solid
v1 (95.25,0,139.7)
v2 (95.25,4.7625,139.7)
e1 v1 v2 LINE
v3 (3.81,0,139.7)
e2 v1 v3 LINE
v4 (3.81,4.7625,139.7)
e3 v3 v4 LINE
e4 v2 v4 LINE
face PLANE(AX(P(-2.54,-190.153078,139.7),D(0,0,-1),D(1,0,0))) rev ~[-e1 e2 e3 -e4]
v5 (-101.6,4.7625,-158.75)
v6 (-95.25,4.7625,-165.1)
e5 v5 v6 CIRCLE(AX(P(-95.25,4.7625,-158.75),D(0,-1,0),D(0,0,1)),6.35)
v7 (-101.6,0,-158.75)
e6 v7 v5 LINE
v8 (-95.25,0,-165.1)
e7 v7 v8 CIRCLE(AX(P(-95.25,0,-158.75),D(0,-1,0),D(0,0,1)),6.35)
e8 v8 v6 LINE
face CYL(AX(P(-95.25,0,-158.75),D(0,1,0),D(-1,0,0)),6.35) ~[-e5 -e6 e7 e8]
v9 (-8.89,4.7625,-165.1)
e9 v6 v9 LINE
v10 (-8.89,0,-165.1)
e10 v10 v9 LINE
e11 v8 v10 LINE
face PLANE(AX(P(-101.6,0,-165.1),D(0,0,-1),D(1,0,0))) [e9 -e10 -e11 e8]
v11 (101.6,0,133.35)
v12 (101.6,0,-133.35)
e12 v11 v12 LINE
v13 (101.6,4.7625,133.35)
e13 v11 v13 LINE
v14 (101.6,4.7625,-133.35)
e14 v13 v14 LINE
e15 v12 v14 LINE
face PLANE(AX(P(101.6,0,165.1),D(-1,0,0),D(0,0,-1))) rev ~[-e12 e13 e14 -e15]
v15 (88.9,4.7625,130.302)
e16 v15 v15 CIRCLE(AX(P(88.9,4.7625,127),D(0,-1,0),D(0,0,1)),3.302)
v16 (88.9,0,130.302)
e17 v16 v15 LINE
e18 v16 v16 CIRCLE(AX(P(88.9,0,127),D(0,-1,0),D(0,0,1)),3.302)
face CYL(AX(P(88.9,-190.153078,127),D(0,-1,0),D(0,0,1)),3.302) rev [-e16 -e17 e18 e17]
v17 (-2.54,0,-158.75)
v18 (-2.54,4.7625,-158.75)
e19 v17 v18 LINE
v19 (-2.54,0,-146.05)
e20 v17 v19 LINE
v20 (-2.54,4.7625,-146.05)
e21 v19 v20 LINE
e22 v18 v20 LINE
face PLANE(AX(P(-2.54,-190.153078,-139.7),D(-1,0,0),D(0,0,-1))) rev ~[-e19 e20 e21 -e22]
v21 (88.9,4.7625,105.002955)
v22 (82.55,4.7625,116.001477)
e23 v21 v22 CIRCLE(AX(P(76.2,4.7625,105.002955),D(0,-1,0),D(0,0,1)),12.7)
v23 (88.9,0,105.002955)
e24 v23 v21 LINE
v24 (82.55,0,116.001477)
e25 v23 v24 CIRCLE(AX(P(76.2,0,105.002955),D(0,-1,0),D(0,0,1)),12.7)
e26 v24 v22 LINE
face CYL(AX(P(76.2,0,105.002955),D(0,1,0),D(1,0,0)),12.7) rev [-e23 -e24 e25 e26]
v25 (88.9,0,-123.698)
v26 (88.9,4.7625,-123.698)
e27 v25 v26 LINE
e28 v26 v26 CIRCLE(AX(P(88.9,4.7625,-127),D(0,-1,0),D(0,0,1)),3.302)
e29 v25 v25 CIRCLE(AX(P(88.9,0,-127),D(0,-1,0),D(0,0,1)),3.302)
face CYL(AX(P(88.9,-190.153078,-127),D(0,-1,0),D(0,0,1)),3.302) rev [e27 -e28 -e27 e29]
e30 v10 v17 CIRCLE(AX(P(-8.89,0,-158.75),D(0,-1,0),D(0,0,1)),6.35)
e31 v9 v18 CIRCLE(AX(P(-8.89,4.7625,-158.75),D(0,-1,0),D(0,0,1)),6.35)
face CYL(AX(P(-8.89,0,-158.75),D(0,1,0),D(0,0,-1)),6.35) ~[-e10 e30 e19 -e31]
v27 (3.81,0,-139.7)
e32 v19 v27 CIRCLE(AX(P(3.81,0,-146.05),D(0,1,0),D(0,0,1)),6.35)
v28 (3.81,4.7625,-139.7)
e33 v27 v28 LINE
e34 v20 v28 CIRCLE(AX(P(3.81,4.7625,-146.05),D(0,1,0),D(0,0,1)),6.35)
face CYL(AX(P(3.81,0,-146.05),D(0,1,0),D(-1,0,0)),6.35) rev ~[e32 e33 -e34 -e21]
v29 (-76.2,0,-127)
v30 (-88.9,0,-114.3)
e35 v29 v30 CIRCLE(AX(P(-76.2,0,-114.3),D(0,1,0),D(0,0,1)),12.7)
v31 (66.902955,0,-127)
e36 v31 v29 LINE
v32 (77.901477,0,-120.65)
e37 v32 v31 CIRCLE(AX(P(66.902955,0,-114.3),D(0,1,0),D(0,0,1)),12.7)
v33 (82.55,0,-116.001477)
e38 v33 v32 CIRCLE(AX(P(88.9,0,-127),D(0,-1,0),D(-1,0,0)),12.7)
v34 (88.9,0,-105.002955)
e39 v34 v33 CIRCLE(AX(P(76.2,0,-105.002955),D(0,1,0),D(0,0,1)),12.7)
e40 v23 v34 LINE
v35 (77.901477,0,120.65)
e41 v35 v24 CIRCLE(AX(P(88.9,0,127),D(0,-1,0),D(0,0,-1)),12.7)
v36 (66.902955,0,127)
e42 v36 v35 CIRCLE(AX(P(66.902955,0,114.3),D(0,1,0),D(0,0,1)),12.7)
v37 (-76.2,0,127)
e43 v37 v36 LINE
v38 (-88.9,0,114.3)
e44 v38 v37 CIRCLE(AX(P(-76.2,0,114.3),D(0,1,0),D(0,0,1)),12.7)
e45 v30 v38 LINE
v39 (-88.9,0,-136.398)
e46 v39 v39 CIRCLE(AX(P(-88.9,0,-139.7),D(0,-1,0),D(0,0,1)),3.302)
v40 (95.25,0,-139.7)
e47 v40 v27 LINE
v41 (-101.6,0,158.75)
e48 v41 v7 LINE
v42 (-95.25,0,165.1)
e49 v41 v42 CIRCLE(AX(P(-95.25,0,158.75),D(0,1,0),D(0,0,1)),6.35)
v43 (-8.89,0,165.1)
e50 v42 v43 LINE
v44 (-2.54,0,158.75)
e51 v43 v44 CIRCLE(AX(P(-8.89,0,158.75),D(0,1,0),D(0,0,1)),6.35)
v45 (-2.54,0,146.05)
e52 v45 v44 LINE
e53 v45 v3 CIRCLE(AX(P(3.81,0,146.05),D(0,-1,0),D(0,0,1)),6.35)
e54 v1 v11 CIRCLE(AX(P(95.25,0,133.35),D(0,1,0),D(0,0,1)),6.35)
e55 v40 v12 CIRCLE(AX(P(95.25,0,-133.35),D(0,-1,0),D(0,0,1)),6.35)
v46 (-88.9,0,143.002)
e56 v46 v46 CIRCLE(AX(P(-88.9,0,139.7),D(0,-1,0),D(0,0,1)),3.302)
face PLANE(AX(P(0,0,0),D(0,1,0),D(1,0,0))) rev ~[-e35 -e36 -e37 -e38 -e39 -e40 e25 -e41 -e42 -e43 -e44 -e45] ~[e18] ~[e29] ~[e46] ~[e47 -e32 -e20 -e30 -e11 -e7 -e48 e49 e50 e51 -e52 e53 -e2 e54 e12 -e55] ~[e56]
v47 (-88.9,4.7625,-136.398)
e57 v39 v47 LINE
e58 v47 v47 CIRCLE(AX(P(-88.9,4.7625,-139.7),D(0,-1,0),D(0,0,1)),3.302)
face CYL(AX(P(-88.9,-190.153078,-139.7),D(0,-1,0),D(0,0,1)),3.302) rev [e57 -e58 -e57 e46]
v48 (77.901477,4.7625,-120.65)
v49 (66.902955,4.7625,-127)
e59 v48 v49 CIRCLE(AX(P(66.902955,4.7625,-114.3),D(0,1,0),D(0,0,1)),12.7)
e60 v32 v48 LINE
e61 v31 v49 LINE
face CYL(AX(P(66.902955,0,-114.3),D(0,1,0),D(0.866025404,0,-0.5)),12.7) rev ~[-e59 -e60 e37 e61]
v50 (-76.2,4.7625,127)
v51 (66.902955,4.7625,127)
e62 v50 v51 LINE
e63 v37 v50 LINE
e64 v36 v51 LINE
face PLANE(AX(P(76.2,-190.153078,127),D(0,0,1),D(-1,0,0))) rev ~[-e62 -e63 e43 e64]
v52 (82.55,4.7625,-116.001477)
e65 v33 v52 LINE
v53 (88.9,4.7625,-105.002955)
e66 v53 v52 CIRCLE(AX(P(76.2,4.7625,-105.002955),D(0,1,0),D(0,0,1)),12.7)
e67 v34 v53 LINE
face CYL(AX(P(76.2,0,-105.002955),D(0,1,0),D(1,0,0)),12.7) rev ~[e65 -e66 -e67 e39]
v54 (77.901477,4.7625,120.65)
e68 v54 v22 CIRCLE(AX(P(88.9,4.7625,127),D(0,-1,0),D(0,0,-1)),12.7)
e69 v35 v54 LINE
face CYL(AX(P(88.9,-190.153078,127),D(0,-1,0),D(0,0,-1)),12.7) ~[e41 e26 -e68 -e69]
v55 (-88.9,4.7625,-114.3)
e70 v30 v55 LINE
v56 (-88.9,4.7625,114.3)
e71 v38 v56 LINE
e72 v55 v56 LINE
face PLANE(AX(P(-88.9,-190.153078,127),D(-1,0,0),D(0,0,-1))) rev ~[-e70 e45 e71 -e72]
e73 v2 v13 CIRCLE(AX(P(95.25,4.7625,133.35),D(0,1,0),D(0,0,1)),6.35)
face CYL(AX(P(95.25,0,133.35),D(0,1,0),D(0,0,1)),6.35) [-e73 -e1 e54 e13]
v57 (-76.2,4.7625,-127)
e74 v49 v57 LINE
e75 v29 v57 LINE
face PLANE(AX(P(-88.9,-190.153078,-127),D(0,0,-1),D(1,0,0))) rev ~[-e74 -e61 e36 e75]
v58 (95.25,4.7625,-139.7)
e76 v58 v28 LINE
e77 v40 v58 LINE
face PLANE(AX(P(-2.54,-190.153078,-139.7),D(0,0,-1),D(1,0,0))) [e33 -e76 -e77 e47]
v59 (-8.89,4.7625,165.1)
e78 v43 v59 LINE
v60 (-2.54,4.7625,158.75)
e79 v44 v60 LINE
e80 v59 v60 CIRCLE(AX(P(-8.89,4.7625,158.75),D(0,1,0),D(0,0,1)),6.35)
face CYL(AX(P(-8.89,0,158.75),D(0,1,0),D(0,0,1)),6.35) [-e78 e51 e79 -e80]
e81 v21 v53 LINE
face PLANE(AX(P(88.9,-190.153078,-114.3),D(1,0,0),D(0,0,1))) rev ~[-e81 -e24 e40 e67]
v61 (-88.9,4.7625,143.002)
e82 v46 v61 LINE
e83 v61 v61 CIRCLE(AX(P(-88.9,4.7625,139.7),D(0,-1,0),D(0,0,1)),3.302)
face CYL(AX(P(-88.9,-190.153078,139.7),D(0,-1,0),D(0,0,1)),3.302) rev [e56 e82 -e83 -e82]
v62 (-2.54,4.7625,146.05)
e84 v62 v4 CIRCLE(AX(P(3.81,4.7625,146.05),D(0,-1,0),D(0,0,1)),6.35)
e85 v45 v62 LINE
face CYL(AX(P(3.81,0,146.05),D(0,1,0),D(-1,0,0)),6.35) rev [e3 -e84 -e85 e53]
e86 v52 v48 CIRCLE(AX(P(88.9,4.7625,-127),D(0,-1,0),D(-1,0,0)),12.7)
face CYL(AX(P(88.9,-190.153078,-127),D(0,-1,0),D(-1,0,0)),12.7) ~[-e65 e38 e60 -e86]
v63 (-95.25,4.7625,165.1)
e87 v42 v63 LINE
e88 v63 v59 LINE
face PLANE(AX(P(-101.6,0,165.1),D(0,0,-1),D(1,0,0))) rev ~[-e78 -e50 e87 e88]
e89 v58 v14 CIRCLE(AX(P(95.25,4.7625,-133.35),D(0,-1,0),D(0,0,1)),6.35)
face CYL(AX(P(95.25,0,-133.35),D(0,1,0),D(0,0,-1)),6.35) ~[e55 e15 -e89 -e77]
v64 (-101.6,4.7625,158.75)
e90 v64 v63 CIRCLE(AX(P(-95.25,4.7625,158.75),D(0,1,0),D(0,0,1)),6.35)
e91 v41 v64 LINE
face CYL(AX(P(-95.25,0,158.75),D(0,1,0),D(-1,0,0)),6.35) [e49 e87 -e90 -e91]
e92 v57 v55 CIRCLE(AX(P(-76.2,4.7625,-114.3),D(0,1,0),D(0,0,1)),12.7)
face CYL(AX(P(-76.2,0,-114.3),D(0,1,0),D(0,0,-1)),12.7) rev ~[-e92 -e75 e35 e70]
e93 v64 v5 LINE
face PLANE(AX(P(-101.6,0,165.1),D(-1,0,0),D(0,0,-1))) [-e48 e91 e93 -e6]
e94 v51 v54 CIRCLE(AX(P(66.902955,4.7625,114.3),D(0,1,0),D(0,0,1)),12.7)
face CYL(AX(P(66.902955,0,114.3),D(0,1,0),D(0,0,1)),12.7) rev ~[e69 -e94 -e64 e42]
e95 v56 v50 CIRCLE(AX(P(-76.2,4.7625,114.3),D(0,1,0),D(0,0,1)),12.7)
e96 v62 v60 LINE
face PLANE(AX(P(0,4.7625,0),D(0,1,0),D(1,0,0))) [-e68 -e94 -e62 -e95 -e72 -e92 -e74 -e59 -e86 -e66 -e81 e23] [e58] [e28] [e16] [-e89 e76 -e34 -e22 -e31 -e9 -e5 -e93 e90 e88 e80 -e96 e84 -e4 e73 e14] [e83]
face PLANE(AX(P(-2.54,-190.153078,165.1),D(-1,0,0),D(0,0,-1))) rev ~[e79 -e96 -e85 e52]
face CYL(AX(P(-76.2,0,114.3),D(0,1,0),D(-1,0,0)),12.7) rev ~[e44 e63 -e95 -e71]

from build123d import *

# Parameters (mm, degrees)
SKETCH1_W                 = 203.2
SKETCH1_H                 = 330.2
BASE_DEPTH                = 4.7625
HOLES_DEPTH               = 194.915578039
HOLES_DEPTH_BACK          = 194.915578039
SKETCH2_R                 = 3.302
SUS_TAB_CUTOUT_DEPTH      = 194.915578039
SUS_TAB_CUTOUT_DEPTH_BACK = 194.915578039
SKETCH3_W                 = 104.14
SKETCH3_H                 = 25.4
INNER_CUTOUT_DEPTH        = 194.915578039
INNER_CUTOUT_DEPTH_BACK   = 194.915578039
FILLET1_R                 = 6.35
FILLET2_R                 = 12.7


with BuildPart() as part:
    # Sketch1 → Base (new body)
    with BuildSketch(Plane(origin=(0, 0, 0), x_dir=(1, 0, 0), z_dir=(0, 1, 0))):
        Rectangle(SKETCH1_W, SKETCH1_H)
    extrude(amount=BASE_DEPTH)

    # Sketch2 → Holes (cut, two sides: drawn at the far end of the back side and taken through both)
    with BuildSketch(Plane(origin=(0, 4.7625, 0), x_dir=(1, 0, 0), z_dir=(0, 1, 0)).offset(-HOLES_DEPTH_BACK)):
        with Locations(Location((-88.9, 139.7, 0), (0, 0, 270))):
            Circle(SKETCH2_R)
        with Locations(Location((-88.9, -139.7, 0), (0, 0, 270))):
            Circle(SKETCH2_R)
        with Locations(Location((88.9, -127, 0), (0, 0, 270))):
            Circle(SKETCH2_R)
        with Locations(Location((88.9, 127, 0), (0, 0, 270))):
            Circle(SKETCH2_R)
    extrude(amount=HOLES_DEPTH + HOLES_DEPTH_BACK, mode=Mode.SUBTRACT)

    # Sketch3 → Sus Tab Cutout (cut, two sides: drawn at the far end of the back side and taken through both)
    with BuildSketch(Plane(origin=(0, 4.7625, 0), x_dir=(1, 0, 0), z_dir=(0, 1, 0)).offset(-SUS_TAB_CUTOUT_DEPTH_BACK)):
        with Locations((49.53, 152.4)):
            Rectangle(SKETCH3_W, SKETCH3_H)
        with Locations((49.53, -152.4)):
            Rectangle(SKETCH3_W, SKETCH3_H)
    extrude(amount=SUS_TAB_CUTOUT_DEPTH + SUS_TAB_CUTOUT_DEPTH_BACK, mode=Mode.SUBTRACT)

    # Sketch4 → Inner Cutout (cut, two sides: drawn at the far end of the back side and taken through both)
    with BuildSketch(Plane(origin=(0, 4.7625, 0), x_dir=(1, 0, 0), z_dir=(0, 1, 0)).offset(-INNER_CUTOUT_DEPTH_BACK)):
        with BuildLine():
            Line((88.9, 114.3), (88.9, -114.3))
            ThreePointArc((88.9, -114.3), (79.919743879, -118.019743879), (76.2, -127))
            Line((76.2, -127), (-88.9, -127))
            Line((-88.9, -127), (-88.9, 127))
            Line((-88.9, 127), (76.2, 127))
            ThreePointArc((76.2, 127), (79.919743879, 118.019743879), (88.9, 114.3))
        make_face()
    extrude(amount=INNER_CUTOUT_DEPTH + INNER_CUTOUT_DEPTH_BACK, mode=Mode.SUBTRACT)

    # Fillet1
    fillet1_edges = [part.edges().sort_by_distance(p)[0] for p in [
        (-2.54, 2.38125, -165.1),
        (101.6, 2.38125, -139.7),
        (-2.54, 2.38125, -139.7),
        (-2.54, 2.38125, 165.1),
        (-2.54, 2.38125, 139.7),
        (101.6, 2.38125, 139.7),
        (-101.6, 2.38125, 165.1),
        (-101.6, 2.38125, -165.1),
    ]]
    fillet(fillet1_edges, radius=FILLET1_R)

    # Fillet2
    fillet2_edges = [part.edges().sort_by_distance(p)[0] for p in [
        (-88.9, 2.38125, -127),
        (76.2, 2.38125, -127),
        (88.9, 2.38125, -114.3),
        (88.9, 2.38125, 114.3),
        (76.2, 2.38125, 127),
        (-88.9, 2.38125, 127),
    ]]
    fillet(fillet2_edges, radius=FILLET2_R)


solid = part.part
